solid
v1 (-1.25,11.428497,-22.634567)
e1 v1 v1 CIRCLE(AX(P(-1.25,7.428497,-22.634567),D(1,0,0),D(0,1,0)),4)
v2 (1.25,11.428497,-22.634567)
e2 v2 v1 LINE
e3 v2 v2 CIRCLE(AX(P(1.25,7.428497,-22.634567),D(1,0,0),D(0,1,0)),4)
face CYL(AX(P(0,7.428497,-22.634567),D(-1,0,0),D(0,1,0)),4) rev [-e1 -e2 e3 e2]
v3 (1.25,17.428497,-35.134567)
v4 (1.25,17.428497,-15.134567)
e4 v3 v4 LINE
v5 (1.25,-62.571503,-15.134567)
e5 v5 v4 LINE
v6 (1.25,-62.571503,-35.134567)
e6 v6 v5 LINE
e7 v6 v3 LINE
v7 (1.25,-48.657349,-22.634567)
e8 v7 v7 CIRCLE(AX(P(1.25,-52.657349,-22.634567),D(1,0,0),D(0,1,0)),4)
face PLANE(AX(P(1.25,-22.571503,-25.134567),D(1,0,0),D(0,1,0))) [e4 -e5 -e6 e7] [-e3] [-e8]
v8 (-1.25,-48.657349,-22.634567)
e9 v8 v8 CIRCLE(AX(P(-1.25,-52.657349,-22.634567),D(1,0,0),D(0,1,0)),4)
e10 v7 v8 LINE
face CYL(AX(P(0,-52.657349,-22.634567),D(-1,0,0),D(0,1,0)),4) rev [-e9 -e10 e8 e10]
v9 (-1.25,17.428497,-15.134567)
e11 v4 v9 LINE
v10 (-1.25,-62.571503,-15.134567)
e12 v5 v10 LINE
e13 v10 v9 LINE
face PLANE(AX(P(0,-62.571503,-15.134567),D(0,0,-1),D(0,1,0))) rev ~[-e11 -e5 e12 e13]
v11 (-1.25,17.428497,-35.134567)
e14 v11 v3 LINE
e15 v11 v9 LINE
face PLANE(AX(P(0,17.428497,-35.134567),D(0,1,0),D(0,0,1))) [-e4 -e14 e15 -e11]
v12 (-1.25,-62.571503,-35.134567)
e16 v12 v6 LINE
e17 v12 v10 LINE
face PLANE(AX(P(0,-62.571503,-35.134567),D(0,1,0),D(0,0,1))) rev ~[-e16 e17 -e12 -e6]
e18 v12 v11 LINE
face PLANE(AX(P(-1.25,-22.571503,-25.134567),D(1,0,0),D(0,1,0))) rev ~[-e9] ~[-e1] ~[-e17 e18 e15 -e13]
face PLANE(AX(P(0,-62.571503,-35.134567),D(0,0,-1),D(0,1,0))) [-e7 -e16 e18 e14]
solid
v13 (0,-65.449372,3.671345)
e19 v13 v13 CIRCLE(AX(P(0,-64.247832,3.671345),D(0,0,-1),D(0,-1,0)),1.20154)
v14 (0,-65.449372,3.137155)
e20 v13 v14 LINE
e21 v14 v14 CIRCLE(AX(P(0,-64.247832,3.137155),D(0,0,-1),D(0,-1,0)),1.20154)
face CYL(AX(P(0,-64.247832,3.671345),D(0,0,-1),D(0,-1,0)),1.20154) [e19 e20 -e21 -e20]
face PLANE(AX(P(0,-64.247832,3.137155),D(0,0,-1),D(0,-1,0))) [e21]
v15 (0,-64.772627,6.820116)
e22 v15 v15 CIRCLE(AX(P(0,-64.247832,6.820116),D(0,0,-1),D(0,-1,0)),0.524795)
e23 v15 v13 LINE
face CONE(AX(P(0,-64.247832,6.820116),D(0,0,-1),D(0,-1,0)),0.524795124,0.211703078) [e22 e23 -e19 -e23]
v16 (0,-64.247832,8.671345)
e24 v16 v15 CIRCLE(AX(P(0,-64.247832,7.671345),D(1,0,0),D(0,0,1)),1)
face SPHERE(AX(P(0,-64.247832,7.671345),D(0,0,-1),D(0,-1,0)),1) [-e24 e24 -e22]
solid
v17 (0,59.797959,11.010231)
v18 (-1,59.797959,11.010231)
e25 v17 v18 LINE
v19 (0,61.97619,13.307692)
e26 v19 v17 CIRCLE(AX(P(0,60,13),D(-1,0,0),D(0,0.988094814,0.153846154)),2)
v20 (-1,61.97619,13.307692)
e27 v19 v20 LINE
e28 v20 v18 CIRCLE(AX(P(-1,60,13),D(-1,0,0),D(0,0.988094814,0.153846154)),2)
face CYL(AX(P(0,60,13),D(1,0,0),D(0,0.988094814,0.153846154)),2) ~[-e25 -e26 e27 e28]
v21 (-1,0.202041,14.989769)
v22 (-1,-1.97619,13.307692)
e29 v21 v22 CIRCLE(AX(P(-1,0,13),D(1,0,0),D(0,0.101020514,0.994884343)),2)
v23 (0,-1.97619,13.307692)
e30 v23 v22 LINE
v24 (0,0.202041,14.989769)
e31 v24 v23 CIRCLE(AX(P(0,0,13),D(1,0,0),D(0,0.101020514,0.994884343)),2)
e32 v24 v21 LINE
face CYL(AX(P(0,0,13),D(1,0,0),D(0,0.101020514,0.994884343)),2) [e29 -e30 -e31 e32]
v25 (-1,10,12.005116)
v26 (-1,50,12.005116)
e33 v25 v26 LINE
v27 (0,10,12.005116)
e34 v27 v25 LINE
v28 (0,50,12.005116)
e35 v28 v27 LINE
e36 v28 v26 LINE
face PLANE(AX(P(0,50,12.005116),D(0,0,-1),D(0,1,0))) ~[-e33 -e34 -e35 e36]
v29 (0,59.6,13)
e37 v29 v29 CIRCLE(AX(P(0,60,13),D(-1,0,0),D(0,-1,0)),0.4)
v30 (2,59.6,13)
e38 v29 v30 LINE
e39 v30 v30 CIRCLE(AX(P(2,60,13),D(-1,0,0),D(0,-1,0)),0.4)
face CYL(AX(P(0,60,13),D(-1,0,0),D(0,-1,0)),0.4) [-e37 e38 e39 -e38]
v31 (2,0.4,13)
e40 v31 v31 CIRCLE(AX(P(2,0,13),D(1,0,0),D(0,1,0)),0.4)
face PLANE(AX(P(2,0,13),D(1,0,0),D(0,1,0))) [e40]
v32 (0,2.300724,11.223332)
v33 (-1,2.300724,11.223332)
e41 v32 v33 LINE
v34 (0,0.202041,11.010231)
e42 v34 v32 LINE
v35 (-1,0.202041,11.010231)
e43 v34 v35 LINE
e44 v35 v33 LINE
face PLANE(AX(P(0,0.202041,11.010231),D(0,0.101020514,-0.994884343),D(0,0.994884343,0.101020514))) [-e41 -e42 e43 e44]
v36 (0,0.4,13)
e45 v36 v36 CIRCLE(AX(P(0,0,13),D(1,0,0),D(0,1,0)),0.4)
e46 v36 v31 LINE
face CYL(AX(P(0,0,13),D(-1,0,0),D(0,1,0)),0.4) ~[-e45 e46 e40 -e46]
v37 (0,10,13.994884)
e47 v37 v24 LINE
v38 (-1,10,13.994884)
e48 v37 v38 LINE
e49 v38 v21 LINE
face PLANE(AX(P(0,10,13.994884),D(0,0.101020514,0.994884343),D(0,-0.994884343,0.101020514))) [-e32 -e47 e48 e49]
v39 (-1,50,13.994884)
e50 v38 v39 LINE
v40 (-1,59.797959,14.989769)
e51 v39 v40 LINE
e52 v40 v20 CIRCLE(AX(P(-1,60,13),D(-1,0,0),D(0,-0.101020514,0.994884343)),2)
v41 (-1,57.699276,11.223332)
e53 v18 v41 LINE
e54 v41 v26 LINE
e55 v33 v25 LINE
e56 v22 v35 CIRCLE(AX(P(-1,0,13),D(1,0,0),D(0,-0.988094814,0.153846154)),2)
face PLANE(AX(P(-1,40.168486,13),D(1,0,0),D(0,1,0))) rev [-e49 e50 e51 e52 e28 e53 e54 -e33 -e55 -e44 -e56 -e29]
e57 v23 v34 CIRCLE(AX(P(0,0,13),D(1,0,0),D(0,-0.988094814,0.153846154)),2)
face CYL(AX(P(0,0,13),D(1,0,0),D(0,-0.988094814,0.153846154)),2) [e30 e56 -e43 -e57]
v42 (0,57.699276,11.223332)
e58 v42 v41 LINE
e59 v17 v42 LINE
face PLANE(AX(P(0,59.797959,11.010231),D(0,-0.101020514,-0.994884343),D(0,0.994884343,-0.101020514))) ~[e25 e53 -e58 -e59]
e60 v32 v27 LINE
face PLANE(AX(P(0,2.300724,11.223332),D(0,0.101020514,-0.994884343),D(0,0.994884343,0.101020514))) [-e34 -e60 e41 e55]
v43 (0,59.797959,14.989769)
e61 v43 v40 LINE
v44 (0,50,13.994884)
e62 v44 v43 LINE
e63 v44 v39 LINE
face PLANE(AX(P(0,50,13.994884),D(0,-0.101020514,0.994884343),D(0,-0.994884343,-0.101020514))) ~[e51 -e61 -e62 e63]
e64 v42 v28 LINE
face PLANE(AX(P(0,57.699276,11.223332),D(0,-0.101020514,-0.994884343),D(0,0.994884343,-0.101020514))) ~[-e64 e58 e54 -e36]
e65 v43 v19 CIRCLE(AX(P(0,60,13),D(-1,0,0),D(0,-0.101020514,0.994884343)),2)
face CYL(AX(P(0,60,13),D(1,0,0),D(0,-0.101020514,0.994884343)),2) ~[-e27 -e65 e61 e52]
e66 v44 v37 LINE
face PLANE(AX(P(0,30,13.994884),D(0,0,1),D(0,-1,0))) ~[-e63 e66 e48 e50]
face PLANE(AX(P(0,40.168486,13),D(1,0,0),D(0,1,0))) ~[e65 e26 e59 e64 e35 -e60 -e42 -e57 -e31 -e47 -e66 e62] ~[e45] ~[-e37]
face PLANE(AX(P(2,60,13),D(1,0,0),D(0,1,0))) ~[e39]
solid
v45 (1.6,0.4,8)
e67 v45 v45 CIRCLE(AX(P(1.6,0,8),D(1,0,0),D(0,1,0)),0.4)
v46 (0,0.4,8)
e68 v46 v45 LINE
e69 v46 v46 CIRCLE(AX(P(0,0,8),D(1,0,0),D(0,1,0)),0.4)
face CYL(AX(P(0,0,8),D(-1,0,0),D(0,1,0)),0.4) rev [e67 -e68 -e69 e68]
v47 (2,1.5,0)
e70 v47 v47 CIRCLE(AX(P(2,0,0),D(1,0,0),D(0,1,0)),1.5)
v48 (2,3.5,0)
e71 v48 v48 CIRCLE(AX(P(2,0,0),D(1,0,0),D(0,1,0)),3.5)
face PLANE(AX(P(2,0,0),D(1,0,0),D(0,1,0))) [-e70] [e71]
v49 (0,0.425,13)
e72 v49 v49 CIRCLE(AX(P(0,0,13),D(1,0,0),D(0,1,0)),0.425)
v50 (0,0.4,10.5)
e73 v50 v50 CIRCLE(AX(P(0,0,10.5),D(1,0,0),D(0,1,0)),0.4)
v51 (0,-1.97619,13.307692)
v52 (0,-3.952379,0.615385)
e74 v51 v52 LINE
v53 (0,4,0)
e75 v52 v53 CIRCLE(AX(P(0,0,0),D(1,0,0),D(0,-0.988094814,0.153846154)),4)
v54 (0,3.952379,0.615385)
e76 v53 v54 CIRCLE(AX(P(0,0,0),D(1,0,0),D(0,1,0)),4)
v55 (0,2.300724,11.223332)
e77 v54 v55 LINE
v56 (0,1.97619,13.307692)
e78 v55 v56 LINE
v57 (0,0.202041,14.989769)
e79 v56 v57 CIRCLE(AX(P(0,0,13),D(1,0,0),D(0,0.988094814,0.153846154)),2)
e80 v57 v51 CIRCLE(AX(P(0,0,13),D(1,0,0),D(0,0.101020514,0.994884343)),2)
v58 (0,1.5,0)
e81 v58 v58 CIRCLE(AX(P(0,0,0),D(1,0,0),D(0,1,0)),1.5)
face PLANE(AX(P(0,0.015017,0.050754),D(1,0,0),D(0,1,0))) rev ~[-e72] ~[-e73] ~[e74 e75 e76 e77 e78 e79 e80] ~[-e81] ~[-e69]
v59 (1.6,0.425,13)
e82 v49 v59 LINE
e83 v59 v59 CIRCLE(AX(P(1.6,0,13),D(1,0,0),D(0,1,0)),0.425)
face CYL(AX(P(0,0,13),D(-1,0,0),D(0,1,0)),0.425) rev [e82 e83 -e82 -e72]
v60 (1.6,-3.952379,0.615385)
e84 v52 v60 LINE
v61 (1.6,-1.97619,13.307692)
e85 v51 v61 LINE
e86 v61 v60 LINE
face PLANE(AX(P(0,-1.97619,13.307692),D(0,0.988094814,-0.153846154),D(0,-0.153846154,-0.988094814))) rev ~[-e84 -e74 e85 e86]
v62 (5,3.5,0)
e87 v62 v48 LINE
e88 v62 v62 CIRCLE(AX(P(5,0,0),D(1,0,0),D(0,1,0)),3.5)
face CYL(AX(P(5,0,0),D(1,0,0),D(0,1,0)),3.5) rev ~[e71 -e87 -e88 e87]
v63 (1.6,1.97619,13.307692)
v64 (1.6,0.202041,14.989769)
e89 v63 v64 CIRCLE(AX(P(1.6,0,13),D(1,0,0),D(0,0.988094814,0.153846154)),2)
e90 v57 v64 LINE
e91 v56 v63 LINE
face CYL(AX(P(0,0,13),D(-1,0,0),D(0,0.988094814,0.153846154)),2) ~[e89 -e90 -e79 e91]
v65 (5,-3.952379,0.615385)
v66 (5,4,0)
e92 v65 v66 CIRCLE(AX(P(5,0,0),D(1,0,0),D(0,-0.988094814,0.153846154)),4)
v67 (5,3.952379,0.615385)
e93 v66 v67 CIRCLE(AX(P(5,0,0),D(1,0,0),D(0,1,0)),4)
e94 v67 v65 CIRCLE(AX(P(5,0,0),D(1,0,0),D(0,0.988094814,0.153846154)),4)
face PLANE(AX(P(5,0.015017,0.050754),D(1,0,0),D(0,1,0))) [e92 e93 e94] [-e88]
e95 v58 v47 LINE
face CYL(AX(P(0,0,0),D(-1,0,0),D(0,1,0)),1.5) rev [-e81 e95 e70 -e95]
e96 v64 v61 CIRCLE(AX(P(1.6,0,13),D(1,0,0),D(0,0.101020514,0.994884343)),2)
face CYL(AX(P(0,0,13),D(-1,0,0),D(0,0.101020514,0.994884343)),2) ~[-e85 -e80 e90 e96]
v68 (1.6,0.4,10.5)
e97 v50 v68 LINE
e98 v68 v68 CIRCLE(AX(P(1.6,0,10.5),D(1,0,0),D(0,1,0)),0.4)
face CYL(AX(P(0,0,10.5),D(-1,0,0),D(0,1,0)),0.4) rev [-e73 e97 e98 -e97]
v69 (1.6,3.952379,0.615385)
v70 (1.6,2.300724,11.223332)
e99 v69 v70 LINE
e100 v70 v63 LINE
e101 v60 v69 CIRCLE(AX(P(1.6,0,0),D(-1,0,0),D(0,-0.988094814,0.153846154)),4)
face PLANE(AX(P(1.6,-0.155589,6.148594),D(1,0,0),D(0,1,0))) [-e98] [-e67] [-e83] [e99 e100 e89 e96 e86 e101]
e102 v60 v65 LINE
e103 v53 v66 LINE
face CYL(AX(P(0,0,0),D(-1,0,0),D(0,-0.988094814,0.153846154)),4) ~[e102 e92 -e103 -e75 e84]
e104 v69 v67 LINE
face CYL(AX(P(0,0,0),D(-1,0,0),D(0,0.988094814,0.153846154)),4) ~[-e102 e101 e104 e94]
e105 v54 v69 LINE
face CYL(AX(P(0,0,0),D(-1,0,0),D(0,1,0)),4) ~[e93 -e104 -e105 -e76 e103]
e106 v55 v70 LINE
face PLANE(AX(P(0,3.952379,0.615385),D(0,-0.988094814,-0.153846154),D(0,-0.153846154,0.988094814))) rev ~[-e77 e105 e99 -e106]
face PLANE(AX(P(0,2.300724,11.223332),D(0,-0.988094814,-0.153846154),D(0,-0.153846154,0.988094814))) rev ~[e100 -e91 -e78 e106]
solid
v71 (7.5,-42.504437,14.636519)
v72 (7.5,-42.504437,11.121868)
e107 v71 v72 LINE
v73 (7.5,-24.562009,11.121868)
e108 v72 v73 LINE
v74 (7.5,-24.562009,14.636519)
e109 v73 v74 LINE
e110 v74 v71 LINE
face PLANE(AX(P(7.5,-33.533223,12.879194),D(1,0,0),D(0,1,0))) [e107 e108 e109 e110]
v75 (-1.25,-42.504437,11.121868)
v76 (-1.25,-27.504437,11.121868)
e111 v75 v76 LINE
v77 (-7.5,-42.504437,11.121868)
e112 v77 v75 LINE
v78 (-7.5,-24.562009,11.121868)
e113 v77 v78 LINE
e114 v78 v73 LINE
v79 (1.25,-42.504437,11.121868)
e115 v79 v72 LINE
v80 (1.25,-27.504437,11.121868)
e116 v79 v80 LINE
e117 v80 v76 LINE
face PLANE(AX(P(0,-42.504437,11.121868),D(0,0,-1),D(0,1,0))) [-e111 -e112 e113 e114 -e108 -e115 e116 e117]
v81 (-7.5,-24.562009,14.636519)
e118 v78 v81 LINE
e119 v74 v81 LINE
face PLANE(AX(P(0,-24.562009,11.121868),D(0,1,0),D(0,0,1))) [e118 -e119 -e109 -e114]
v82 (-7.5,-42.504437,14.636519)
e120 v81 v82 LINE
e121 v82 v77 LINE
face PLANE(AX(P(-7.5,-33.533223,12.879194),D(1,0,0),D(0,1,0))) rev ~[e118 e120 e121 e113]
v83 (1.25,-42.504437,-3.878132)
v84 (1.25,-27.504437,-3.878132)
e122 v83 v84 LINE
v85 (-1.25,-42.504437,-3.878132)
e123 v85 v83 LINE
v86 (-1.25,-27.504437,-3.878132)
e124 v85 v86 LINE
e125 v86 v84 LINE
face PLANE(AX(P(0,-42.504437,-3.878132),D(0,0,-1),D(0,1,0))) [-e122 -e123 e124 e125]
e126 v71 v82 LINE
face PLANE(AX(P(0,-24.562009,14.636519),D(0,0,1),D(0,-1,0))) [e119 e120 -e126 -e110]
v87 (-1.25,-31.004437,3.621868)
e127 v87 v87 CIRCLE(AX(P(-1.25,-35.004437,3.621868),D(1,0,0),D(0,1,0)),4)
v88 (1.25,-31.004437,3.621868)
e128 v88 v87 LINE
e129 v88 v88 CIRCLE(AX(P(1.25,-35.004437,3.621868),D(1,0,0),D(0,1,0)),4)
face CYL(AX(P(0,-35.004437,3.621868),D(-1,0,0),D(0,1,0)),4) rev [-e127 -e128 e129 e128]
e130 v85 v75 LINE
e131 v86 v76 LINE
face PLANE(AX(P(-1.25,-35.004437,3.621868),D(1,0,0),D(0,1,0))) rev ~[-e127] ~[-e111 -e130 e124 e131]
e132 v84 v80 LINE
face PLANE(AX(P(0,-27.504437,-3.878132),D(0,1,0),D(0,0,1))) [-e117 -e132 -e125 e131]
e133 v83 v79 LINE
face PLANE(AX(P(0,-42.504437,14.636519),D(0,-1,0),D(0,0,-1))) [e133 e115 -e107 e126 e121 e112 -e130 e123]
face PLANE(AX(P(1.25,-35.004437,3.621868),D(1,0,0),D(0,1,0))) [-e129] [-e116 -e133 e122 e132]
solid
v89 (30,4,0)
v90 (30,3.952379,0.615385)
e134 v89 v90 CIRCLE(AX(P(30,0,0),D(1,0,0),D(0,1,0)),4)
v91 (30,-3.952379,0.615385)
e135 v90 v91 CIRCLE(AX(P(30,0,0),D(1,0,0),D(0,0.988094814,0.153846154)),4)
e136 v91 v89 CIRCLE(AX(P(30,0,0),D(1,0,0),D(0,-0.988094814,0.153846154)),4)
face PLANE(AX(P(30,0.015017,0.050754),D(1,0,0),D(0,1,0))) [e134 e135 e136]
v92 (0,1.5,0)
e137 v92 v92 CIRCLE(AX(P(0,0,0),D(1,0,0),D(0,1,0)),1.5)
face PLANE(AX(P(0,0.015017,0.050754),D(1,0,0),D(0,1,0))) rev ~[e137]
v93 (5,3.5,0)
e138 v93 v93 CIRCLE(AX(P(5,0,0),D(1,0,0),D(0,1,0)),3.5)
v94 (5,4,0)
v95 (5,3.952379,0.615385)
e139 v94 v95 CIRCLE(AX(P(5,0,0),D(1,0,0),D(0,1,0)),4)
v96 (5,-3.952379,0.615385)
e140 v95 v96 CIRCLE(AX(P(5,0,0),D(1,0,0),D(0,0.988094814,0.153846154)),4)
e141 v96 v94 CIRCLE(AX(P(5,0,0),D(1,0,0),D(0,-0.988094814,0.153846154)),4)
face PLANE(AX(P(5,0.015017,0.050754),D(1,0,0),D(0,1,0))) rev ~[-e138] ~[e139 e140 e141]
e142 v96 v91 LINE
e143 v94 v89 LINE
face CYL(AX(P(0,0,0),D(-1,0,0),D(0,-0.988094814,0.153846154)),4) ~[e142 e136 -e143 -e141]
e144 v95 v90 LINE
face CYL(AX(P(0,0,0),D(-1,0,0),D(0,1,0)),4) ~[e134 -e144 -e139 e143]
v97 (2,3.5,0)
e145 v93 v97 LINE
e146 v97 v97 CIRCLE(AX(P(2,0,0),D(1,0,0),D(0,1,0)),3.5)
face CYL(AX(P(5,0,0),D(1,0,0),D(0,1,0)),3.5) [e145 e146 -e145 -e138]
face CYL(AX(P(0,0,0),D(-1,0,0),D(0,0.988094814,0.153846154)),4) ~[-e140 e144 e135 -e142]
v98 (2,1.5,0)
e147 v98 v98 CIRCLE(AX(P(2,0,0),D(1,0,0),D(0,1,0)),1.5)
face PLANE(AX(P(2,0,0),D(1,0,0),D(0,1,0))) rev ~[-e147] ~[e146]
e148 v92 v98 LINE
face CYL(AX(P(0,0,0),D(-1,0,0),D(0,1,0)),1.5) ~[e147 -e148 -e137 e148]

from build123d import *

# Parameters (mm, degrees)
F0_R      = 0.4
F0_R_2    = 0.425
F1_DEPTH  = 1.6
F0_R_3    = 1.5
F2_DEPTH  = 5
F3_R      = 3.5
F3_R_2    = 1.5
F4_DEPTH  = 3
F5_DEPTH  = 1
F6_DEPTH  = 2
F8_DEPTH  = 30
F0_W      = 15
F0_H      = 15
F0_R_4    = 4
F10_DEPTH = 1.25
F11_DEPTH = 7.5
F0_W_2    = 80
F0_H_2    = 20
F12_DEPTH = 1.25


with BuildPart() as f1:
    # F0 (on Right) → F1 (new body)
    with BuildSketch(Plane.YZ):
        with BuildLine():
            ThreePointArc((-3.952379255, 0.6153846154), (0, 4), (3.952379255, 0.6153846154))
            Line((3.952379255, 0.6153846154), (2.3007241633, 11.2233315117))
            Line((2.3007241633, 11.2233315117), (0.2020410205, 11.0102313134))
            ThreePointArc((0.2020410205, 11.0102313134), (-1.451372652, 11.6239486111), (-1.9761896275, 13.3076923077))
            Line((-1.9761896275, 13.3076923077), (-3.952379255, 0.6153846154))
        make_face()
        with Locations((0, 8)):
            Circle(F0_R, mode=Mode.SUBTRACT)
        with Locations((0, 10.5)):
            Circle(F0_R, mode=Mode.SUBTRACT)
        with BuildLine():
            ThreePointArc((0.2020410289, 14.9897686857), (-1.2223935732, 14.5829573437), (-1.9761896275, 13.3076923077))
            ThreePointArc((-1.9761896275, 13.3076923077), (-1.451372652, 11.6239486111), (0.2020410205, 11.0102313134))
            ThreePointArc((0.2020410205, 11.0102313134), (1.4839275658, 11.6591200727), (2, 13))
            ThreePointArc((2, 13), (1.9940385221, 13.1543061001), (1.9761896275, 13.3076923077))
            ThreePointArc((1.9761896275, 13.3076923077), (1.376051392, 14.4513726491), (0.2020410289, 14.9897686857))
        make_face()
        with Locations((0, 13)):
            Circle(F0_R_2, mode=Mode.SUBTRACT)
        with BuildLine():
            Line((0.2020410205, 11.0102313134), (2.3007241633, 11.2233315117))
            Line((2.3007241633, 11.2233315117), (1.9761896275, 13.3076923077))
            ThreePointArc((1.9761896275, 13.3076923077), (1.9940385221, 13.1543061001), (2, 13))
            ThreePointArc((2, 13), (1.4839275658, 11.6591200727), (0.2020410205, 11.0102313134))
        make_face()
    extrude(amount=F1_DEPTH)

    # F0 (on Right) → F2 (join)
    with BuildSketch(Plane.YZ):
        with BuildLine():
            ThreePointArc((-3.952379255, 0.6153846154), (-0.3086122001, -3.9880770441), (4, 0))
            ThreePointArc((4, 0), (3.9880770441, 0.3086122001), (3.952379255, 0.6153846154))
            ThreePointArc((3.952379255, 0.6153846154), (0, 4), (-3.952379255, 0.6153846154))
        make_face()
        Circle(F0_R_3, mode=Mode.SUBTRACT)
    extrude(amount=F2_DEPTH)

    # F3 (on face) → F4 (cut)
    with BuildSketch(Plane.YZ.offset(5)):
        Circle(F3_R)
        Circle(F3_R_2, mode=Mode.SUBTRACT)
    extrude(amount=-F4_DEPTH, mode=Mode.SUBTRACT)


with BuildPart() as f5:
    # F0 (on Right) → F5 (new body)
    with BuildSketch(Plane.YZ):
        with BuildLine():
            ThreePointArc((10.8989794856, 13), (10.6409432699, 12.3295600379), (10, 12.0051156571))
            Line((10, 12.0051156571), (30, 12.0051156571))
            Line((30, 12.0051156571), (30, 13.9948843429))
            Line((30, 13.9948843429), (10, 13.9948843429))
            ThreePointArc((10, 13.9948843429), (10.6409432699, 13.6704399621), (10.8989794856, 13))
        make_face()
        with BuildLine():
            Line((1.9761896275, 13.3076923077), (2.3007241633, 11.2233315117))
            Line((2.3007241633, 11.2233315117), (10, 12.0051156571))
            ThreePointArc((10, 12.0051156571), (8.8989794856, 13), (10, 13.9948843429))
            Line((10, 13.9948843429), (0.2020410289, 14.9897686857))
            ThreePointArc((0.2020410289, 14.9897686857), (1.376051392, 14.4513726491), (1.9761896275, 13.3076923077))
        make_face()
        with BuildLine():
            ThreePointArc((0.2020410289, 14.9897686857), (-1.2223935732, 14.5829573437), (-1.9761896275, 13.3076923077))
            ThreePointArc((-1.9761896275, 13.3076923077), (-1.451372652, 11.6239486111), (0.2020410205, 11.0102313134))
            ThreePointArc((0.2020410205, 11.0102313134), (1.4839275658, 11.6591200727), (2, 13))
            ThreePointArc((2, 13), (1.9940385221, 13.1543061001), (1.9761896275, 13.3076923077))
            ThreePointArc((1.9761896275, 13.3076923077), (1.376051392, 14.4513726491), (0.2020410289, 14.9897686857))
        make_face()
        with Locations((0, 13)):
            Circle(F0_R_2, mode=Mode.SUBTRACT)
        with BuildLine():
            ThreePointArc((10, 13.9948843429), (8.8989794856, 13), (10, 12.0051156571))
            ThreePointArc((10, 12.0051156571), (10.6409432699, 12.3295600379), (10.8989794856, 13))
            ThreePointArc((10.8989794856, 13), (10.6409432699, 13.6704399621), (10, 13.9948843429))
        make_face()
        with BuildLine():
            Line((0.2020410205, 11.0102313134), (2.3007241633, 11.2233315117))
            Line((2.3007241633, 11.2233315117), (1.9761896275, 13.3076923077))
            ThreePointArc((1.9761896275, 13.3076923077), (1.9940385221, 13.1543061001), (2, 13))
            ThreePointArc((2, 13), (1.4839275658, 11.6591200727), (0.2020410205, 11.0102313134))
        make_face()
        with Locations((0, 13)):
            Circle(F0_R_2)
        with Locations((0, 13)):
            Circle(F0_R, mode=Mode.SUBTRACT)
        with Locations((0, 13)):
            Circle(F0_R)
    extrude(amount=-F5_DEPTH)

    # F0 (on Right) → F6 (join)
    with BuildSketch(Plane.YZ):
        with Locations((0, 13)):
            Circle(F0_R)
    extrude(amount=F6_DEPTH)

    # F7: F5 across face


with BuildPart() as f5_1:
    add(f5.part)
    add(f5.part.mirror(Plane(origin=(-0.5, 30, 13), x_dir=(-1, 0, 0), z_dir=(0, 1, 0))))


with BuildPart() as f8:
    # F0 (on Right) → F8 (new body)
    with BuildSketch(Plane.YZ):
        with BuildLine():
            ThreePointArc((-3.952379255, 0.6153846154), (-0.3086122001, -3.9880770441), (4, 0))
            ThreePointArc((4, 0), (3.9880770441, 0.3086122001), (3.952379255, 0.6153846154))
            ThreePointArc((3.952379255, 0.6153846154), (0, 4), (-3.952379255, 0.6153846154))
        make_face()
        Circle(F0_R_3, mode=Mode.SUBTRACT)
        Circle(F0_R_3)
    extrude(amount=F8_DEPTH)

    # F9: cut F1
    add(f1.part, mode=Mode.SUBTRACT)


with BuildPart() as f10:
    # F0 (on Right) → F10 (new body, symmetric)
    with BuildSketch(Plane.YZ):
        with Locations((-35.0044366717, 3.6218684912)):
            Rectangle(F0_W, F0_H)
        with Locations((-35.0044366717, 3.6218684912)):
            Circle(F0_R_4, mode=Mode.SUBTRACT)
    extrude(amount=F10_DEPTH, both=True)

    # F0 (on Right) → F11 (join, symmetric)
    with BuildSketch(Plane.YZ):
        Polygon((-42.5044366717, 14.636519365), (-42.5044366717, 11.1218684912), (-27.5044366717, 11.1218684912), (-24.5620086789, 11.1218684912), (-24.5620086789, 14.636519365), align=None)
    extrude(amount=F11_DEPTH, both=True)


with BuildPart() as f12:
    # F0 (on Right) → F12 (new body, symmetric)
    with BuildSketch(Plane.YZ):
        with Locations((-22.5715031475, -25.1345673949)):
            Rectangle(F0_W_2, F0_H_2)
        with Locations((-52.6573488116, -22.6345673949)):
            Circle(F0_R_4, mode=Mode.SUBTRACT)
        with Locations((7.4284968525, -22.6345673949)):
            Circle(F0_R_4, mode=Mode.SUBTRACT)
    extrude(amount=F12_DEPTH, both=True)


with BuildPart() as f13:
    # F0 (on Right) → F13 (revolve)
    with BuildSketch(Plane.YZ):
        with BuildLine():
            Line((-64.2478317022, 6.6713448353), (-64.2478317022, 8.6713448353))
            ThreePointArc((-64.2478317022, 8.6713448353), (-65.2099202037, 7.9440822829), (-64.7726268267, 6.820116266))
            ThreePointArc((-64.7726268267, 6.820116266), (-64.5205691498, 6.7092563338), (-64.2478317022, 6.6713448353))
        make_face()
        with BuildLine():
            ThreePointArc((-64.2478317022, 6.6713448353), (-64.5205691498, 6.7092563338), (-64.7726268267, 6.820116266))
            Line((-64.7726268267, 6.820116266), (-65.4493719339, 3.6713448353))
            Line((-65.4493719339, 3.6713448353), (-65.4493719339, 3.1371545047))
            Line((-65.4493719339, 3.1371545047), (-64.2478317022, 3.1371545047))
            Line((-64.2478317022, 3.1371545047), (-64.2478317022, 6.6713448353))
        make_face()
    revolve(axis=Axis((0, -64.2478317022, 3.5368323289), (0, 0, -1)))


solid = Compound([f1.part, f5_1.part, f8.part, f10.part, f12.part, f13.part])
